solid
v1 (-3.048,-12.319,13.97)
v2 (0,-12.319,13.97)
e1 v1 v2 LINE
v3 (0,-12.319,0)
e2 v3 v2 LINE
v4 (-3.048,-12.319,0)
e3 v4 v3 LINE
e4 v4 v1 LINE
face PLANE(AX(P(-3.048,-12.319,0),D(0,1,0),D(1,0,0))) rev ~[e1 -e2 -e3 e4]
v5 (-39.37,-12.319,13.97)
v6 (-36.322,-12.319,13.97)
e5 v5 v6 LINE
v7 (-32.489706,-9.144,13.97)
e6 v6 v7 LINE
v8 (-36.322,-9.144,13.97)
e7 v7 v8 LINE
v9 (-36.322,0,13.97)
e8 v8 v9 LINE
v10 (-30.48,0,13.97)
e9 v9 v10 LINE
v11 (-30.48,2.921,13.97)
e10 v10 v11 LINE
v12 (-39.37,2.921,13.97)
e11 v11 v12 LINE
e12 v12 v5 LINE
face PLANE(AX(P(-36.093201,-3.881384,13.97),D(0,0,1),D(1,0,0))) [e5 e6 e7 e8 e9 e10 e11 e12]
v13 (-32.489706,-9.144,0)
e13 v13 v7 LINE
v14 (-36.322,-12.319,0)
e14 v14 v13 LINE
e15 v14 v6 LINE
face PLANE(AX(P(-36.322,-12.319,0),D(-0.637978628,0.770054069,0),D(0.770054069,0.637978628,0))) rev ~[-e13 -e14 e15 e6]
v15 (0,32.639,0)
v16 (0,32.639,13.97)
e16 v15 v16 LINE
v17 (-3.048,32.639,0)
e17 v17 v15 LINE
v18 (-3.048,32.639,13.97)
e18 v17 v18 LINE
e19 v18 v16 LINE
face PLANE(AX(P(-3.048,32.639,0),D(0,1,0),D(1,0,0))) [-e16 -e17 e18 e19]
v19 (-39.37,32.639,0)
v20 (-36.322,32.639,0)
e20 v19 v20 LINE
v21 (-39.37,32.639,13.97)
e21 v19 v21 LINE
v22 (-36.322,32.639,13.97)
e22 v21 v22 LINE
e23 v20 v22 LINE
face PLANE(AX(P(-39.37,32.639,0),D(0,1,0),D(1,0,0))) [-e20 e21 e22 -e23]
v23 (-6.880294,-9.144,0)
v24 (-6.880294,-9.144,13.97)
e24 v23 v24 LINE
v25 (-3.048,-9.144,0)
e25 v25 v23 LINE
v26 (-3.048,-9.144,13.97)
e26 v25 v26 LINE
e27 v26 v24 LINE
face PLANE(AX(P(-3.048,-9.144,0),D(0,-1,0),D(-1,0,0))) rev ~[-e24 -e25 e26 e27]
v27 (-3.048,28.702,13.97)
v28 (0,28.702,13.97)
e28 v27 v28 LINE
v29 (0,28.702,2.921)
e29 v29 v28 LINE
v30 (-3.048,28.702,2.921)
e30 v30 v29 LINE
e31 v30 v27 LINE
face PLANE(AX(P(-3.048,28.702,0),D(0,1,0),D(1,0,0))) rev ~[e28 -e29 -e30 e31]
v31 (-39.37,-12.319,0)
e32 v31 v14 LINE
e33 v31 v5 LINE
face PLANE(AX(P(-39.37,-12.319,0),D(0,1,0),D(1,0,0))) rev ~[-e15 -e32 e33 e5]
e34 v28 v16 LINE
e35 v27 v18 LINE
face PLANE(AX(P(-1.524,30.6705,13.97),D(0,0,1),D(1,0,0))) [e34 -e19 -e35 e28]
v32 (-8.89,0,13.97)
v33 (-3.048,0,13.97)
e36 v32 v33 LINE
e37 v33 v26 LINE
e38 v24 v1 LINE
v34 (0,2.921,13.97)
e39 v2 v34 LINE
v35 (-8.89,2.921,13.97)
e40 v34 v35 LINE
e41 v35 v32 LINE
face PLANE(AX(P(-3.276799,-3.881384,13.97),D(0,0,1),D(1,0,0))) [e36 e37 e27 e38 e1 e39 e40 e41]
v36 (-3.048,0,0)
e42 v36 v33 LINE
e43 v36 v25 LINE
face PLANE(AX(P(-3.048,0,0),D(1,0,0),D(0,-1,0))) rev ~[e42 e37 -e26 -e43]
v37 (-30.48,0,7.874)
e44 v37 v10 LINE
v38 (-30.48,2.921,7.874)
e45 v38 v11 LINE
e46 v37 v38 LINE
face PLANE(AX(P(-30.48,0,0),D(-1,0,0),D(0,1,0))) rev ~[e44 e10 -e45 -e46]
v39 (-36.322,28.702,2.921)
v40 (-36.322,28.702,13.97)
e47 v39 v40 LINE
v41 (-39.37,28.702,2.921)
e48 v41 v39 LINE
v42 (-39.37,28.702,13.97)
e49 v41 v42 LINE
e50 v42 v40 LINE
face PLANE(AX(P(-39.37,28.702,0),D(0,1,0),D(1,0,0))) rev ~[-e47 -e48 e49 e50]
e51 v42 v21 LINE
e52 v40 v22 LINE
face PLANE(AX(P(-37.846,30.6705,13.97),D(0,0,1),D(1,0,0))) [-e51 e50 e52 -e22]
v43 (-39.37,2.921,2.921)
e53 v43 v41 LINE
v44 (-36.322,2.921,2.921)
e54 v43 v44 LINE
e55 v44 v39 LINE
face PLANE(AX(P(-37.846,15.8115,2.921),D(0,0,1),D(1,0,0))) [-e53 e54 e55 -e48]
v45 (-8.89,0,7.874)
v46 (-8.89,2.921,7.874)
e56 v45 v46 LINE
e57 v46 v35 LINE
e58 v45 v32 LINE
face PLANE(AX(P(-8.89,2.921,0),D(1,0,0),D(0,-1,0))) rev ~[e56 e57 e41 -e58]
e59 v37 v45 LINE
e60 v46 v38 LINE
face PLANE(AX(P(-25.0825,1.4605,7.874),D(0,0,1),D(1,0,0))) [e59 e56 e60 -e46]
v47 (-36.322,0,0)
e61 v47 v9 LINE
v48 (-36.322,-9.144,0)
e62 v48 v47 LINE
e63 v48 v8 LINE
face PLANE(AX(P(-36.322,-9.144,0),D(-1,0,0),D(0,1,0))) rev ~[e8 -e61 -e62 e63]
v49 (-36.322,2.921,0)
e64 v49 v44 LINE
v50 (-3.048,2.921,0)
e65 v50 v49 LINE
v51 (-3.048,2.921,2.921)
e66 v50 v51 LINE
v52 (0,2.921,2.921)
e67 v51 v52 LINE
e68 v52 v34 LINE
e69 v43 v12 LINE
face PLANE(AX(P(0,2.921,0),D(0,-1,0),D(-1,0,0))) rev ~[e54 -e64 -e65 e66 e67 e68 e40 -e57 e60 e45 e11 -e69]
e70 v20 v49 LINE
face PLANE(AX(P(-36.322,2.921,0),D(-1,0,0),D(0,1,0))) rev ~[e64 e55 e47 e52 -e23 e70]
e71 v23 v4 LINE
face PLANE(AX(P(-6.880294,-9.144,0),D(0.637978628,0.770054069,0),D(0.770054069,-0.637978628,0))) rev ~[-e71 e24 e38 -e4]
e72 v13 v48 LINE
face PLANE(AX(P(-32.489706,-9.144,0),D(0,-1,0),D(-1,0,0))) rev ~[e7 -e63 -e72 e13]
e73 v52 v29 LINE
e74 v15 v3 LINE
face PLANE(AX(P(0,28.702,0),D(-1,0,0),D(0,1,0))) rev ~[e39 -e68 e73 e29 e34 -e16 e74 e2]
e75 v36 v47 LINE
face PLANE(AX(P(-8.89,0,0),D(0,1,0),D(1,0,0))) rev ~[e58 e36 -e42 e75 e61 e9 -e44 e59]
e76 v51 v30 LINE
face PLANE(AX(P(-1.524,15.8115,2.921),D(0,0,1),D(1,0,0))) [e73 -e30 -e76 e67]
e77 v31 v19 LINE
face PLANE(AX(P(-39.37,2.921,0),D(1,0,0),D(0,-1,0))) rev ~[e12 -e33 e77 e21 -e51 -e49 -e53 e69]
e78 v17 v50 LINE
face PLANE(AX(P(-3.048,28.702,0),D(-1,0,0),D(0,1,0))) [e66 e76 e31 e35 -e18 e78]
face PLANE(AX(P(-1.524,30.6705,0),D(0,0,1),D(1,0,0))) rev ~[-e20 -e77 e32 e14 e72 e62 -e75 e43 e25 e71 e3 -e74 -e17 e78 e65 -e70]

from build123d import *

# Parameters (mm, degrees)
F0_W     = 10.795
F0_H     = 2.921
F1_DEPTH = 7.874
F2_DEPTH = 13.97
F0_W_2   = 3.048
F0_H_2   = 25.781
F3_DEPTH = 2.921
F0_H_3   = 3.937
F4_DEPTH = 13.97


with BuildPart() as f1:
    # F0 (on Top) → F1 (new body)
    with BuildSketch(Plane.XY):
        with Locations((-25.0825, 1.4605)):
            Rectangle(F0_W, F0_H)
        with Locations((-14.2875, 1.4605)):
            Rectangle(F0_W, F0_H)
    extrude(amount=F1_DEPTH)

    # F0 (on Top) → F2 (join)
    with BuildSketch(Plane.XY):
        Polygon((0, 2.921), (-3.048, 2.921), (-8.89, 2.921), (-8.89, 0), (-3.048, 0), (-3.048, -9.144), (-6.880294, -9.144), (-3.048, -12.319), (0, -12.319), (0, -9.144), align=None)
        Polygon((-30.48, 0), (-30.48, 2.921), (-36.322, 2.921), (-39.37, 2.921), (-39.37, -9.144), (-39.37, -12.319), (-36.322, -12.319), (-32.489706, -9.144), (-36.322, -9.144), (-36.322, 0), align=None)
    extrude(amount=F2_DEPTH)

    # F0 (on Top) → F3 (join)
    with BuildSketch(Plane.XY):
        with Locations((-1.524, 15.8115)):
            Rectangle(F0_W_2, F0_H_2)
        with Locations((-37.846, 15.8115)):
            Rectangle(F0_W_2, F0_H_2)
    extrude(amount=F3_DEPTH)

    # F0 (on Top) → F4 (join)
    with BuildSketch(Plane.XY):
        with Locations((-1.524, 30.6705)):
            Rectangle(F0_W_2, F0_H_3)
        with Locations((-37.846, 30.6705)):
            Rectangle(F0_W_2, F0_H_3)
    extrude(amount=F4_DEPTH)


solid = f1.part
